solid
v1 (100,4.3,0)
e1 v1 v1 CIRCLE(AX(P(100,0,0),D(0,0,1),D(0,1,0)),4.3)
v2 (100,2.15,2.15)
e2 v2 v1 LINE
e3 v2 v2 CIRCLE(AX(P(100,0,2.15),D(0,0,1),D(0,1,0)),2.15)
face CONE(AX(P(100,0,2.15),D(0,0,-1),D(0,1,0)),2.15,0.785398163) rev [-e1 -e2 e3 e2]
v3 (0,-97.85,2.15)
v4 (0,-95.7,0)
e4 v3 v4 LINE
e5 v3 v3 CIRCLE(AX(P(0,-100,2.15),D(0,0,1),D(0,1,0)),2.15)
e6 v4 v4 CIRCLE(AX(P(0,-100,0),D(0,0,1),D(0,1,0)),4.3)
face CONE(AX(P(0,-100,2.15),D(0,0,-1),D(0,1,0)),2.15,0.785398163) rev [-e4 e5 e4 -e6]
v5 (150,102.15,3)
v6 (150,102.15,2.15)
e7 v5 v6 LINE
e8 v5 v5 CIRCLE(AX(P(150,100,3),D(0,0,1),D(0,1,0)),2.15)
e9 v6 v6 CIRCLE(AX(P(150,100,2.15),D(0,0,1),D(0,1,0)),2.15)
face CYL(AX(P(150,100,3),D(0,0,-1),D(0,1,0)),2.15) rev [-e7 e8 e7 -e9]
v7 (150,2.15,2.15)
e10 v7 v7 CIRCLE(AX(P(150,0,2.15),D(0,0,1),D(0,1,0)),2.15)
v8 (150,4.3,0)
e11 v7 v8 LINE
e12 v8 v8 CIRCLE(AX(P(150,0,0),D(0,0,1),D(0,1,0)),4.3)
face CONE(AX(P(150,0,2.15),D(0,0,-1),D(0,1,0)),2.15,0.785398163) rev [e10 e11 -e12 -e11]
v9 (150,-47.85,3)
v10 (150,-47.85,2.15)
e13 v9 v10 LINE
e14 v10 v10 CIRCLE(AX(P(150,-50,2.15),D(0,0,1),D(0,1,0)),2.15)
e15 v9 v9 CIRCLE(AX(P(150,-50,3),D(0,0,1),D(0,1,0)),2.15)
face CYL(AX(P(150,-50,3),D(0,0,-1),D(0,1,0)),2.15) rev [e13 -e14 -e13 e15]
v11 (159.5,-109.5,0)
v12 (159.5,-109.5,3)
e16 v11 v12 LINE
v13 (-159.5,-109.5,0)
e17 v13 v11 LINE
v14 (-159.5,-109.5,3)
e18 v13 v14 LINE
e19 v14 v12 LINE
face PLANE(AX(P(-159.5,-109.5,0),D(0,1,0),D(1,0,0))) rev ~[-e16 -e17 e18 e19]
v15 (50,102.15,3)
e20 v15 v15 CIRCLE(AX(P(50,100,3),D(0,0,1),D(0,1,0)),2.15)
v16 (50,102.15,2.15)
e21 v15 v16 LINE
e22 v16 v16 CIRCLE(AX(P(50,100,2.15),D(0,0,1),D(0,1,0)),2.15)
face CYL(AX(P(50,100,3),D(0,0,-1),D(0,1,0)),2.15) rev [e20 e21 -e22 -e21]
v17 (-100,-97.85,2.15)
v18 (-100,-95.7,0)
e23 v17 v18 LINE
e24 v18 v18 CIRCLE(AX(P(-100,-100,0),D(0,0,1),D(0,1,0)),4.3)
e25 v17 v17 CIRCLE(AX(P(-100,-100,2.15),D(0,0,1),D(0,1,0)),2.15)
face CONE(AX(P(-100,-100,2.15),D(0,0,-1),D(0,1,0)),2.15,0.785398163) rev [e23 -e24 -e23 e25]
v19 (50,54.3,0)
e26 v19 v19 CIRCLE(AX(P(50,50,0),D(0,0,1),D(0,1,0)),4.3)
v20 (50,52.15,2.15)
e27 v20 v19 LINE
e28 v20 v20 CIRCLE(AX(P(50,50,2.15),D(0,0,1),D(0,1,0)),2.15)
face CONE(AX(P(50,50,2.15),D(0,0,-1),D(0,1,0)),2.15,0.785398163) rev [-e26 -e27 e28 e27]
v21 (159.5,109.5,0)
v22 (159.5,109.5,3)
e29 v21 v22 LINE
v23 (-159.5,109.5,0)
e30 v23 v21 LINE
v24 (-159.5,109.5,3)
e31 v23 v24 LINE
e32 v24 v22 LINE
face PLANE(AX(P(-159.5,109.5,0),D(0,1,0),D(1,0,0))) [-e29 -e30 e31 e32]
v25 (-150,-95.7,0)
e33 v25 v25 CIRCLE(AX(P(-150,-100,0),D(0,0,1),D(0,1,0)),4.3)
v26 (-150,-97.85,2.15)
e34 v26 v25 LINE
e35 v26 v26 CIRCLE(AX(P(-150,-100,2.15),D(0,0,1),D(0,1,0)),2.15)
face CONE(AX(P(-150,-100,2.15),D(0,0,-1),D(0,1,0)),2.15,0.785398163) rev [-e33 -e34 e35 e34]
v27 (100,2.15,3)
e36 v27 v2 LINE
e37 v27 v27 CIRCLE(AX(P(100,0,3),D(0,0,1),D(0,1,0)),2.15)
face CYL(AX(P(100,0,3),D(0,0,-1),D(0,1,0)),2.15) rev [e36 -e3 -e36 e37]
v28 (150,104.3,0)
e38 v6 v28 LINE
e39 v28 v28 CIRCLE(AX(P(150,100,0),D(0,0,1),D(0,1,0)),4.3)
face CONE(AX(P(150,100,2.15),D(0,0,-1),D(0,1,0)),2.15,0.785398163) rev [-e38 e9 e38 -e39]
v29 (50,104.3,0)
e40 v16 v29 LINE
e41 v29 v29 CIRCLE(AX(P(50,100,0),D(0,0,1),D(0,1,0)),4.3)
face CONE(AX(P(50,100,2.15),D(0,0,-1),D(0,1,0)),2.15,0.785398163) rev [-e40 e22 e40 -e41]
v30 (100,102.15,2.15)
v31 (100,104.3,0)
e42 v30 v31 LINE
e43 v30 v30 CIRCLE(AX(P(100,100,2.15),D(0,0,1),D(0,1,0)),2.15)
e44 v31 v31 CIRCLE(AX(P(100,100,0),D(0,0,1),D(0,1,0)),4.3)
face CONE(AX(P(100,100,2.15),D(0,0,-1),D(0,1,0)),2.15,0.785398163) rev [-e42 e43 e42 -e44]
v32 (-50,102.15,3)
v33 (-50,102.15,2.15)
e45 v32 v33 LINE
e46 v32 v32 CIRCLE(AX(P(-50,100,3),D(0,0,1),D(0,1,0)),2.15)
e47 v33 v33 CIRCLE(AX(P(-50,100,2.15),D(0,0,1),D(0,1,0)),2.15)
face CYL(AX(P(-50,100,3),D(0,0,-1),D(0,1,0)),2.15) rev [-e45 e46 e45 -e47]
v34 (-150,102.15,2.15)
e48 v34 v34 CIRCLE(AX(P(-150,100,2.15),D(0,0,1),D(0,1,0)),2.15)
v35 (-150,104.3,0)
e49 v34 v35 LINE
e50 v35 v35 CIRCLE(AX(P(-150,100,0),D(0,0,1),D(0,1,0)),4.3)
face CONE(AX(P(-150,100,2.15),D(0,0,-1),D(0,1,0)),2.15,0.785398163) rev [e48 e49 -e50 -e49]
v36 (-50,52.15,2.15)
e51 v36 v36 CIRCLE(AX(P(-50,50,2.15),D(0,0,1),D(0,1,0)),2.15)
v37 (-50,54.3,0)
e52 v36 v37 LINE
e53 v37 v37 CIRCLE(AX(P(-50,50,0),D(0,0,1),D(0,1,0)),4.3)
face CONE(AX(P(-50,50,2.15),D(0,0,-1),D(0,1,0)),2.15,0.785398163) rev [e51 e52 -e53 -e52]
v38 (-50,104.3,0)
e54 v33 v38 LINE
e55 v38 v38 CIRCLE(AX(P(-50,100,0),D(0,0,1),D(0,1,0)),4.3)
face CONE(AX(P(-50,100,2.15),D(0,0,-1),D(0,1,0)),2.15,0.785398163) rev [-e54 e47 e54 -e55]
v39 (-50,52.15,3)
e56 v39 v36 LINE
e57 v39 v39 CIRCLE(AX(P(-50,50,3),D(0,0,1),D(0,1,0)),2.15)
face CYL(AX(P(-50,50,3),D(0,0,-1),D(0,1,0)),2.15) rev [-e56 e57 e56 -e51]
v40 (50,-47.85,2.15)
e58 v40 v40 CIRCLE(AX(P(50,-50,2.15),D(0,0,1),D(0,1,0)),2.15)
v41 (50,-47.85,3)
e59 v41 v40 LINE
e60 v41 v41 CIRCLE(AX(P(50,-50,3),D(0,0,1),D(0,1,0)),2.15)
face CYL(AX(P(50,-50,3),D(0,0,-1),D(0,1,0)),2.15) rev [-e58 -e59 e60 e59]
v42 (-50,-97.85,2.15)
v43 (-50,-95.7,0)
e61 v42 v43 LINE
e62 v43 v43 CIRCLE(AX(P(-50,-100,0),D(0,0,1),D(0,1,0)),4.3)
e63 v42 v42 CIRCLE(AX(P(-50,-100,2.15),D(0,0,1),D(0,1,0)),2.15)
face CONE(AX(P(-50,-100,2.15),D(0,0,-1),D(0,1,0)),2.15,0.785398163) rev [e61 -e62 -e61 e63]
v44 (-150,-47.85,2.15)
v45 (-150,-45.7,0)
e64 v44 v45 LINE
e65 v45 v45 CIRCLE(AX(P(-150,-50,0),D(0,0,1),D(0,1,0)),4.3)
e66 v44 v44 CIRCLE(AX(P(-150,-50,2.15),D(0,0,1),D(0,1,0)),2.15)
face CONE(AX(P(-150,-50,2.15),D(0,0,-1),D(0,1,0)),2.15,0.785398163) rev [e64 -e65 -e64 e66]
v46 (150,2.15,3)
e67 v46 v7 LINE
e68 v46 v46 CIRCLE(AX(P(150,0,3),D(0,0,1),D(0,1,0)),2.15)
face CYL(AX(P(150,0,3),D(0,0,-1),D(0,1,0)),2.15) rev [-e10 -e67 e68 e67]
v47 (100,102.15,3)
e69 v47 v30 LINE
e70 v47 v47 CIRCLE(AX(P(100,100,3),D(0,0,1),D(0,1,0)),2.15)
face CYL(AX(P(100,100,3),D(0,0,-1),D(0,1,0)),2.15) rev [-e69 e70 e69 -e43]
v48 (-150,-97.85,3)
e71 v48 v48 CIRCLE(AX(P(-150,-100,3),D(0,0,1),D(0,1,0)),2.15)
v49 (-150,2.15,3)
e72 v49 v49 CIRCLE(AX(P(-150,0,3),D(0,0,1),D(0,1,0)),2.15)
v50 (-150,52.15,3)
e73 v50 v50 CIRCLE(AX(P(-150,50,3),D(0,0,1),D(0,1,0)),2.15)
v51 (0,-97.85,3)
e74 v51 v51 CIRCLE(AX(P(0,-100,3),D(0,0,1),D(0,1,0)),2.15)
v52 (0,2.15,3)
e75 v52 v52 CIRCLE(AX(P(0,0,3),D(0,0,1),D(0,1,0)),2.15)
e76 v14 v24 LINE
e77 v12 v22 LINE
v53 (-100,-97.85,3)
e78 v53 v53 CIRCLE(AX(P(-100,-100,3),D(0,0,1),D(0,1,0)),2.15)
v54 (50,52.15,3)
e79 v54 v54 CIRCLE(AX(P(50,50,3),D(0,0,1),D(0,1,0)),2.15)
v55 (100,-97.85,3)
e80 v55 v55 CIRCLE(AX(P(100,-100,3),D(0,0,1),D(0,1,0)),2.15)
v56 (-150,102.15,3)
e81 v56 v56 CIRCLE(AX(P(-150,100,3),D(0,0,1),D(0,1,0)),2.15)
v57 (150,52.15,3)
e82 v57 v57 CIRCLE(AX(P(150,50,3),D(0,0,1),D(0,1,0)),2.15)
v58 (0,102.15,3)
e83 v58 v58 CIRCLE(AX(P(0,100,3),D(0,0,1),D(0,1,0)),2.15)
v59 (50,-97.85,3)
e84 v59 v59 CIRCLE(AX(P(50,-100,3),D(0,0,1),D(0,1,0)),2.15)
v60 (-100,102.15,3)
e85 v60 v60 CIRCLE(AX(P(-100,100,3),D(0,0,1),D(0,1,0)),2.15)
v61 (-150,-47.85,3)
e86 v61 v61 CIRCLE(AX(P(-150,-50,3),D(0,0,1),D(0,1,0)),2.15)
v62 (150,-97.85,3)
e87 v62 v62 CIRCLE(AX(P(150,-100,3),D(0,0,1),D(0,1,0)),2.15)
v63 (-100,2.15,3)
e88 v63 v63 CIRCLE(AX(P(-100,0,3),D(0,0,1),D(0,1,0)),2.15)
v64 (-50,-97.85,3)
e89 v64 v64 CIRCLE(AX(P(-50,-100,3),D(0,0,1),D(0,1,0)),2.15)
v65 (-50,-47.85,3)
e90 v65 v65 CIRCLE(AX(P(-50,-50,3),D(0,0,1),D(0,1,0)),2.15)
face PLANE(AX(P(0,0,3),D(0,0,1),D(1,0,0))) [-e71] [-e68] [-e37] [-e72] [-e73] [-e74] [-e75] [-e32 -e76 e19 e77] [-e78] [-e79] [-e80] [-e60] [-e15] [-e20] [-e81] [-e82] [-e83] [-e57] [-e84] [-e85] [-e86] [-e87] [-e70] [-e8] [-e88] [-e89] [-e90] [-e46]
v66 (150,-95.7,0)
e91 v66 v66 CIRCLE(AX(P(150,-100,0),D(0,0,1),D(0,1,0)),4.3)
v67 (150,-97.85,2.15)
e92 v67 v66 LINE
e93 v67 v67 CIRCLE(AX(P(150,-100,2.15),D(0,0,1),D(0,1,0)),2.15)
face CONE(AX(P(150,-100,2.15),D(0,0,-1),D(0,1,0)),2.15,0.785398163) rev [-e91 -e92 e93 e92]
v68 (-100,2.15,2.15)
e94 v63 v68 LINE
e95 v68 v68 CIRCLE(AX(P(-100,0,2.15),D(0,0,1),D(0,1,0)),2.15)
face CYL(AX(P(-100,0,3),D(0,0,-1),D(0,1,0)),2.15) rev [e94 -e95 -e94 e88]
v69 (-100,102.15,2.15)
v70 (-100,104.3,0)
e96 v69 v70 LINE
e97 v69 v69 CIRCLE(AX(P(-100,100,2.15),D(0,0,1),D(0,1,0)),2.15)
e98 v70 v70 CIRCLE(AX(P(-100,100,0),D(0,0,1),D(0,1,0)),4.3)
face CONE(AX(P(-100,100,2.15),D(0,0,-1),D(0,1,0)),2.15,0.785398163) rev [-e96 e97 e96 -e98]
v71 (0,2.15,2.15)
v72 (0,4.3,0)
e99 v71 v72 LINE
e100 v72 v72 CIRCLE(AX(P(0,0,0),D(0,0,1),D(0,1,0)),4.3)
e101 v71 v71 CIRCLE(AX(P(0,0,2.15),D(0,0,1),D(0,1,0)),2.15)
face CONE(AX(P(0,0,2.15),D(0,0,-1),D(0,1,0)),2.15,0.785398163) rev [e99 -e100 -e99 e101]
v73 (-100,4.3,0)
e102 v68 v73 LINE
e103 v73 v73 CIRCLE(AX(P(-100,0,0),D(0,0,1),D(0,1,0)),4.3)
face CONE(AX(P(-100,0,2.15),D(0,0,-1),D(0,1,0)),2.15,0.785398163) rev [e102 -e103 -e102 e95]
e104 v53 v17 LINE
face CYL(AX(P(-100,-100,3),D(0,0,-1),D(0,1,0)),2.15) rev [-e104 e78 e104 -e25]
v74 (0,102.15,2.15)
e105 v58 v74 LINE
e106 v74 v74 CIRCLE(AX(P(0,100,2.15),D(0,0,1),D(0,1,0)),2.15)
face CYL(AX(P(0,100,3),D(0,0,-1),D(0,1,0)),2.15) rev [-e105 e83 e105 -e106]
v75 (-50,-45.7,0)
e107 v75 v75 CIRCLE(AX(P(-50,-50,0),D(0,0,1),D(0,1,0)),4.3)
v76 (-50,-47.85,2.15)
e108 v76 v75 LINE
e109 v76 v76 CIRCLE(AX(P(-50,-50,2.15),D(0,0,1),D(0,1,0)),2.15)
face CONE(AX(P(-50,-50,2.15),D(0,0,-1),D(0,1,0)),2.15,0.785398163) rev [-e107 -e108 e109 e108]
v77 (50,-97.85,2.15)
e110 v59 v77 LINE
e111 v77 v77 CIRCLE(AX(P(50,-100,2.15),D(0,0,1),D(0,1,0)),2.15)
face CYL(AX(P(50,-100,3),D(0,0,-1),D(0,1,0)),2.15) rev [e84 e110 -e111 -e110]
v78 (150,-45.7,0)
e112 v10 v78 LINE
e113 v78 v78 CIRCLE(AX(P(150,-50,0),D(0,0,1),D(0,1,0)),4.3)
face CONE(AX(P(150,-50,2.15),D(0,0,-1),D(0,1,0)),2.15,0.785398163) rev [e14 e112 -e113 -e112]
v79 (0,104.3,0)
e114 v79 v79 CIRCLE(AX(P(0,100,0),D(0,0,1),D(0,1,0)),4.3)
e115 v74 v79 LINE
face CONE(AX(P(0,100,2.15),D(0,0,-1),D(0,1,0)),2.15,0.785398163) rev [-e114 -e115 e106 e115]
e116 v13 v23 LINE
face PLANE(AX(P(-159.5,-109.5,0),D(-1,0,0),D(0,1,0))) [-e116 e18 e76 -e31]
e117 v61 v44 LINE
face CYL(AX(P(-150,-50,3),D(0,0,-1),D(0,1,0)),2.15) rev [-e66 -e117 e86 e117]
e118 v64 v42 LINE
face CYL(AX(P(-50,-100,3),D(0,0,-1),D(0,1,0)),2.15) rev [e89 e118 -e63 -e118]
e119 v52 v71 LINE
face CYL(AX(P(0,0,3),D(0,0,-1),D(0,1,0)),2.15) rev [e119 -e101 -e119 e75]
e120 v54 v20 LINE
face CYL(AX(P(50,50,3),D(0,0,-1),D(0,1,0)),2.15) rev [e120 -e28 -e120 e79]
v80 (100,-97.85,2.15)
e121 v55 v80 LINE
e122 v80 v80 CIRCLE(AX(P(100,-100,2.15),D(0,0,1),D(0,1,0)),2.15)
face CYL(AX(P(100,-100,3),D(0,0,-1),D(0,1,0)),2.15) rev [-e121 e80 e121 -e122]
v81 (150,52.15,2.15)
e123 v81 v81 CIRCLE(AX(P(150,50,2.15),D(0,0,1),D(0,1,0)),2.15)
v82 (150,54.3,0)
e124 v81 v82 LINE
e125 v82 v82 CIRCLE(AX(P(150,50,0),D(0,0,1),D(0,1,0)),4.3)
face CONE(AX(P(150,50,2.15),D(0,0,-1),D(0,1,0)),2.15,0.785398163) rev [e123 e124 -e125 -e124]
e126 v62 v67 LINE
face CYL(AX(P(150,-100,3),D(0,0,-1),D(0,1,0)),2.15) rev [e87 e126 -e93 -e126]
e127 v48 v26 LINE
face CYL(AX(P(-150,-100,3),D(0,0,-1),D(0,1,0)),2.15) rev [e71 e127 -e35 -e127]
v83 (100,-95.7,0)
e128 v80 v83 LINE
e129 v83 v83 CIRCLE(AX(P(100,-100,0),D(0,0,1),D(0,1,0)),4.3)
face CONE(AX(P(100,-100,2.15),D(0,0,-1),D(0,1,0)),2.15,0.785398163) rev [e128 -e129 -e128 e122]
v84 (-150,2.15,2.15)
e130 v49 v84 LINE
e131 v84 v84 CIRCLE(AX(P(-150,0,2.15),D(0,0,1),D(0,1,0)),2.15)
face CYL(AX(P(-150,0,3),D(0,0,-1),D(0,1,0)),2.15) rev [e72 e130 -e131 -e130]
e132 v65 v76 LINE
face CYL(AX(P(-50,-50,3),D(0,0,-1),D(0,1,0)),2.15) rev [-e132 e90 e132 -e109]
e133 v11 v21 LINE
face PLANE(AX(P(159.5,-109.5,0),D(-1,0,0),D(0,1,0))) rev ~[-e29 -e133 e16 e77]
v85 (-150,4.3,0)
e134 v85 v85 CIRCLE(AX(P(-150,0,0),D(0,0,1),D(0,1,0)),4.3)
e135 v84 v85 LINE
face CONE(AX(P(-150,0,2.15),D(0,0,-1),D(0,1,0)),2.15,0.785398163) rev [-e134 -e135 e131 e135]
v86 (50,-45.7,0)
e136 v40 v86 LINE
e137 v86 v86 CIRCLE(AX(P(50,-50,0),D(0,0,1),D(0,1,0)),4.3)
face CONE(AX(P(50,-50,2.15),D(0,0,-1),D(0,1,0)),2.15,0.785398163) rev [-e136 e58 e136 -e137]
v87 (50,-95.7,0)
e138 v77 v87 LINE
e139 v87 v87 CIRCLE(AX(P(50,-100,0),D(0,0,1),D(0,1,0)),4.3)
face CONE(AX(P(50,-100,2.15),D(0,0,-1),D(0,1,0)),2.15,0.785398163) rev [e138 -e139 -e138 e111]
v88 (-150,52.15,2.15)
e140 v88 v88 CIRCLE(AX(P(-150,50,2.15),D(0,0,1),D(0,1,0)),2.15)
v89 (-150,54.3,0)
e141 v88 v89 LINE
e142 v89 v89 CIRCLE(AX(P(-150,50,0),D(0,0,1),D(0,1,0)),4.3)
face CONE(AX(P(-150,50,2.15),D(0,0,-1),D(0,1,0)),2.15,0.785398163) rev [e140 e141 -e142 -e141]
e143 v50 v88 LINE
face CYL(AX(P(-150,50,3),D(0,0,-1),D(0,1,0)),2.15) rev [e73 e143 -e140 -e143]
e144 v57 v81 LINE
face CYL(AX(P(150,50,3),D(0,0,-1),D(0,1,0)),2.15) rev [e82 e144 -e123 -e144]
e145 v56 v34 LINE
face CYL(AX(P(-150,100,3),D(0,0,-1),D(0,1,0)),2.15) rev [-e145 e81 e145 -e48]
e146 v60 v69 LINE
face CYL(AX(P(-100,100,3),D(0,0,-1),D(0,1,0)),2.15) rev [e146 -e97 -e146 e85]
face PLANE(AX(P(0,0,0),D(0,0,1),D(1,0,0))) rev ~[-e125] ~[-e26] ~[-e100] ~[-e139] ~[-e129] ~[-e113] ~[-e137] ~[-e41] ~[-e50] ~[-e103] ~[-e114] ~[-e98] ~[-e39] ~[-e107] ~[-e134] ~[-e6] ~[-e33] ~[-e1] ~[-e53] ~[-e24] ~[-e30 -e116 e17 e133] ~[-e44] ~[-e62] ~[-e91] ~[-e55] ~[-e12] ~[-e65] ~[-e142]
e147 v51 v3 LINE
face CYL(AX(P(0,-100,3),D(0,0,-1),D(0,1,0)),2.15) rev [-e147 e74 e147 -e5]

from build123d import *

# Parameters (mm, degrees)
SKETCH_1_W                  = 319
SKETCH_1_H                  = 219
EXTRUDE_1_DEPTH             = 3
PATTERN_LINEAR_3_COUNT      = 7
PATTERN_LINEAR_3_PITCH      = 50
PATTERN_LINEAR_3_COUNT_DIR2 = 5
PATTERN_LINEAR_3_PITCH_DIR2 = 50


with BuildPart() as part:
    # Эскиз1 → Бобышка-Вытянуть1 (new body)
    with BuildSketch(Plane.XY):
        Rectangle(SKETCH_1_W, SKETCH_1_H)
    extrude(amount=EXTRUDE_1_DEPTH)

    # Эскиз6 → Зенковка для винта с полупотайной головкой M42 (revolve, cut)
    with BuildSketch(Plane(origin=(150, -100, 0), x_dir=(0, 1, 0), z_dir=(1, 0, 0))):
        Polygon((0, 0), (0, 3), (2.15, 3), (2.15, 2.15), (4.3, 0), align=None)
    hole_wizard_m42 = revolve(axis=Axis((150, -100, -6.35), (0, 0, 1)), mode=Mode.SUBTRACT)

    # Линейный массив3: Hole Wizard M42 7 × 5, 8 skipped
    with Locations(*[(-i * PATTERN_LINEAR_3_PITCH, j * PATTERN_LINEAR_3_PITCH_DIR2, 0) for i in range(PATTERN_LINEAR_3_COUNT) for j in range(PATTERN_LINEAR_3_COUNT_DIR2) if (i, j) not in ((0, 0), (1, 1), (1, 3), (2, 2), (3, 1), (3, 3), (4, 2), (5, 1), (5, 3))]):
        add(hole_wizard_m42, mode=Mode.SUBTRACT)


solid = part.part
